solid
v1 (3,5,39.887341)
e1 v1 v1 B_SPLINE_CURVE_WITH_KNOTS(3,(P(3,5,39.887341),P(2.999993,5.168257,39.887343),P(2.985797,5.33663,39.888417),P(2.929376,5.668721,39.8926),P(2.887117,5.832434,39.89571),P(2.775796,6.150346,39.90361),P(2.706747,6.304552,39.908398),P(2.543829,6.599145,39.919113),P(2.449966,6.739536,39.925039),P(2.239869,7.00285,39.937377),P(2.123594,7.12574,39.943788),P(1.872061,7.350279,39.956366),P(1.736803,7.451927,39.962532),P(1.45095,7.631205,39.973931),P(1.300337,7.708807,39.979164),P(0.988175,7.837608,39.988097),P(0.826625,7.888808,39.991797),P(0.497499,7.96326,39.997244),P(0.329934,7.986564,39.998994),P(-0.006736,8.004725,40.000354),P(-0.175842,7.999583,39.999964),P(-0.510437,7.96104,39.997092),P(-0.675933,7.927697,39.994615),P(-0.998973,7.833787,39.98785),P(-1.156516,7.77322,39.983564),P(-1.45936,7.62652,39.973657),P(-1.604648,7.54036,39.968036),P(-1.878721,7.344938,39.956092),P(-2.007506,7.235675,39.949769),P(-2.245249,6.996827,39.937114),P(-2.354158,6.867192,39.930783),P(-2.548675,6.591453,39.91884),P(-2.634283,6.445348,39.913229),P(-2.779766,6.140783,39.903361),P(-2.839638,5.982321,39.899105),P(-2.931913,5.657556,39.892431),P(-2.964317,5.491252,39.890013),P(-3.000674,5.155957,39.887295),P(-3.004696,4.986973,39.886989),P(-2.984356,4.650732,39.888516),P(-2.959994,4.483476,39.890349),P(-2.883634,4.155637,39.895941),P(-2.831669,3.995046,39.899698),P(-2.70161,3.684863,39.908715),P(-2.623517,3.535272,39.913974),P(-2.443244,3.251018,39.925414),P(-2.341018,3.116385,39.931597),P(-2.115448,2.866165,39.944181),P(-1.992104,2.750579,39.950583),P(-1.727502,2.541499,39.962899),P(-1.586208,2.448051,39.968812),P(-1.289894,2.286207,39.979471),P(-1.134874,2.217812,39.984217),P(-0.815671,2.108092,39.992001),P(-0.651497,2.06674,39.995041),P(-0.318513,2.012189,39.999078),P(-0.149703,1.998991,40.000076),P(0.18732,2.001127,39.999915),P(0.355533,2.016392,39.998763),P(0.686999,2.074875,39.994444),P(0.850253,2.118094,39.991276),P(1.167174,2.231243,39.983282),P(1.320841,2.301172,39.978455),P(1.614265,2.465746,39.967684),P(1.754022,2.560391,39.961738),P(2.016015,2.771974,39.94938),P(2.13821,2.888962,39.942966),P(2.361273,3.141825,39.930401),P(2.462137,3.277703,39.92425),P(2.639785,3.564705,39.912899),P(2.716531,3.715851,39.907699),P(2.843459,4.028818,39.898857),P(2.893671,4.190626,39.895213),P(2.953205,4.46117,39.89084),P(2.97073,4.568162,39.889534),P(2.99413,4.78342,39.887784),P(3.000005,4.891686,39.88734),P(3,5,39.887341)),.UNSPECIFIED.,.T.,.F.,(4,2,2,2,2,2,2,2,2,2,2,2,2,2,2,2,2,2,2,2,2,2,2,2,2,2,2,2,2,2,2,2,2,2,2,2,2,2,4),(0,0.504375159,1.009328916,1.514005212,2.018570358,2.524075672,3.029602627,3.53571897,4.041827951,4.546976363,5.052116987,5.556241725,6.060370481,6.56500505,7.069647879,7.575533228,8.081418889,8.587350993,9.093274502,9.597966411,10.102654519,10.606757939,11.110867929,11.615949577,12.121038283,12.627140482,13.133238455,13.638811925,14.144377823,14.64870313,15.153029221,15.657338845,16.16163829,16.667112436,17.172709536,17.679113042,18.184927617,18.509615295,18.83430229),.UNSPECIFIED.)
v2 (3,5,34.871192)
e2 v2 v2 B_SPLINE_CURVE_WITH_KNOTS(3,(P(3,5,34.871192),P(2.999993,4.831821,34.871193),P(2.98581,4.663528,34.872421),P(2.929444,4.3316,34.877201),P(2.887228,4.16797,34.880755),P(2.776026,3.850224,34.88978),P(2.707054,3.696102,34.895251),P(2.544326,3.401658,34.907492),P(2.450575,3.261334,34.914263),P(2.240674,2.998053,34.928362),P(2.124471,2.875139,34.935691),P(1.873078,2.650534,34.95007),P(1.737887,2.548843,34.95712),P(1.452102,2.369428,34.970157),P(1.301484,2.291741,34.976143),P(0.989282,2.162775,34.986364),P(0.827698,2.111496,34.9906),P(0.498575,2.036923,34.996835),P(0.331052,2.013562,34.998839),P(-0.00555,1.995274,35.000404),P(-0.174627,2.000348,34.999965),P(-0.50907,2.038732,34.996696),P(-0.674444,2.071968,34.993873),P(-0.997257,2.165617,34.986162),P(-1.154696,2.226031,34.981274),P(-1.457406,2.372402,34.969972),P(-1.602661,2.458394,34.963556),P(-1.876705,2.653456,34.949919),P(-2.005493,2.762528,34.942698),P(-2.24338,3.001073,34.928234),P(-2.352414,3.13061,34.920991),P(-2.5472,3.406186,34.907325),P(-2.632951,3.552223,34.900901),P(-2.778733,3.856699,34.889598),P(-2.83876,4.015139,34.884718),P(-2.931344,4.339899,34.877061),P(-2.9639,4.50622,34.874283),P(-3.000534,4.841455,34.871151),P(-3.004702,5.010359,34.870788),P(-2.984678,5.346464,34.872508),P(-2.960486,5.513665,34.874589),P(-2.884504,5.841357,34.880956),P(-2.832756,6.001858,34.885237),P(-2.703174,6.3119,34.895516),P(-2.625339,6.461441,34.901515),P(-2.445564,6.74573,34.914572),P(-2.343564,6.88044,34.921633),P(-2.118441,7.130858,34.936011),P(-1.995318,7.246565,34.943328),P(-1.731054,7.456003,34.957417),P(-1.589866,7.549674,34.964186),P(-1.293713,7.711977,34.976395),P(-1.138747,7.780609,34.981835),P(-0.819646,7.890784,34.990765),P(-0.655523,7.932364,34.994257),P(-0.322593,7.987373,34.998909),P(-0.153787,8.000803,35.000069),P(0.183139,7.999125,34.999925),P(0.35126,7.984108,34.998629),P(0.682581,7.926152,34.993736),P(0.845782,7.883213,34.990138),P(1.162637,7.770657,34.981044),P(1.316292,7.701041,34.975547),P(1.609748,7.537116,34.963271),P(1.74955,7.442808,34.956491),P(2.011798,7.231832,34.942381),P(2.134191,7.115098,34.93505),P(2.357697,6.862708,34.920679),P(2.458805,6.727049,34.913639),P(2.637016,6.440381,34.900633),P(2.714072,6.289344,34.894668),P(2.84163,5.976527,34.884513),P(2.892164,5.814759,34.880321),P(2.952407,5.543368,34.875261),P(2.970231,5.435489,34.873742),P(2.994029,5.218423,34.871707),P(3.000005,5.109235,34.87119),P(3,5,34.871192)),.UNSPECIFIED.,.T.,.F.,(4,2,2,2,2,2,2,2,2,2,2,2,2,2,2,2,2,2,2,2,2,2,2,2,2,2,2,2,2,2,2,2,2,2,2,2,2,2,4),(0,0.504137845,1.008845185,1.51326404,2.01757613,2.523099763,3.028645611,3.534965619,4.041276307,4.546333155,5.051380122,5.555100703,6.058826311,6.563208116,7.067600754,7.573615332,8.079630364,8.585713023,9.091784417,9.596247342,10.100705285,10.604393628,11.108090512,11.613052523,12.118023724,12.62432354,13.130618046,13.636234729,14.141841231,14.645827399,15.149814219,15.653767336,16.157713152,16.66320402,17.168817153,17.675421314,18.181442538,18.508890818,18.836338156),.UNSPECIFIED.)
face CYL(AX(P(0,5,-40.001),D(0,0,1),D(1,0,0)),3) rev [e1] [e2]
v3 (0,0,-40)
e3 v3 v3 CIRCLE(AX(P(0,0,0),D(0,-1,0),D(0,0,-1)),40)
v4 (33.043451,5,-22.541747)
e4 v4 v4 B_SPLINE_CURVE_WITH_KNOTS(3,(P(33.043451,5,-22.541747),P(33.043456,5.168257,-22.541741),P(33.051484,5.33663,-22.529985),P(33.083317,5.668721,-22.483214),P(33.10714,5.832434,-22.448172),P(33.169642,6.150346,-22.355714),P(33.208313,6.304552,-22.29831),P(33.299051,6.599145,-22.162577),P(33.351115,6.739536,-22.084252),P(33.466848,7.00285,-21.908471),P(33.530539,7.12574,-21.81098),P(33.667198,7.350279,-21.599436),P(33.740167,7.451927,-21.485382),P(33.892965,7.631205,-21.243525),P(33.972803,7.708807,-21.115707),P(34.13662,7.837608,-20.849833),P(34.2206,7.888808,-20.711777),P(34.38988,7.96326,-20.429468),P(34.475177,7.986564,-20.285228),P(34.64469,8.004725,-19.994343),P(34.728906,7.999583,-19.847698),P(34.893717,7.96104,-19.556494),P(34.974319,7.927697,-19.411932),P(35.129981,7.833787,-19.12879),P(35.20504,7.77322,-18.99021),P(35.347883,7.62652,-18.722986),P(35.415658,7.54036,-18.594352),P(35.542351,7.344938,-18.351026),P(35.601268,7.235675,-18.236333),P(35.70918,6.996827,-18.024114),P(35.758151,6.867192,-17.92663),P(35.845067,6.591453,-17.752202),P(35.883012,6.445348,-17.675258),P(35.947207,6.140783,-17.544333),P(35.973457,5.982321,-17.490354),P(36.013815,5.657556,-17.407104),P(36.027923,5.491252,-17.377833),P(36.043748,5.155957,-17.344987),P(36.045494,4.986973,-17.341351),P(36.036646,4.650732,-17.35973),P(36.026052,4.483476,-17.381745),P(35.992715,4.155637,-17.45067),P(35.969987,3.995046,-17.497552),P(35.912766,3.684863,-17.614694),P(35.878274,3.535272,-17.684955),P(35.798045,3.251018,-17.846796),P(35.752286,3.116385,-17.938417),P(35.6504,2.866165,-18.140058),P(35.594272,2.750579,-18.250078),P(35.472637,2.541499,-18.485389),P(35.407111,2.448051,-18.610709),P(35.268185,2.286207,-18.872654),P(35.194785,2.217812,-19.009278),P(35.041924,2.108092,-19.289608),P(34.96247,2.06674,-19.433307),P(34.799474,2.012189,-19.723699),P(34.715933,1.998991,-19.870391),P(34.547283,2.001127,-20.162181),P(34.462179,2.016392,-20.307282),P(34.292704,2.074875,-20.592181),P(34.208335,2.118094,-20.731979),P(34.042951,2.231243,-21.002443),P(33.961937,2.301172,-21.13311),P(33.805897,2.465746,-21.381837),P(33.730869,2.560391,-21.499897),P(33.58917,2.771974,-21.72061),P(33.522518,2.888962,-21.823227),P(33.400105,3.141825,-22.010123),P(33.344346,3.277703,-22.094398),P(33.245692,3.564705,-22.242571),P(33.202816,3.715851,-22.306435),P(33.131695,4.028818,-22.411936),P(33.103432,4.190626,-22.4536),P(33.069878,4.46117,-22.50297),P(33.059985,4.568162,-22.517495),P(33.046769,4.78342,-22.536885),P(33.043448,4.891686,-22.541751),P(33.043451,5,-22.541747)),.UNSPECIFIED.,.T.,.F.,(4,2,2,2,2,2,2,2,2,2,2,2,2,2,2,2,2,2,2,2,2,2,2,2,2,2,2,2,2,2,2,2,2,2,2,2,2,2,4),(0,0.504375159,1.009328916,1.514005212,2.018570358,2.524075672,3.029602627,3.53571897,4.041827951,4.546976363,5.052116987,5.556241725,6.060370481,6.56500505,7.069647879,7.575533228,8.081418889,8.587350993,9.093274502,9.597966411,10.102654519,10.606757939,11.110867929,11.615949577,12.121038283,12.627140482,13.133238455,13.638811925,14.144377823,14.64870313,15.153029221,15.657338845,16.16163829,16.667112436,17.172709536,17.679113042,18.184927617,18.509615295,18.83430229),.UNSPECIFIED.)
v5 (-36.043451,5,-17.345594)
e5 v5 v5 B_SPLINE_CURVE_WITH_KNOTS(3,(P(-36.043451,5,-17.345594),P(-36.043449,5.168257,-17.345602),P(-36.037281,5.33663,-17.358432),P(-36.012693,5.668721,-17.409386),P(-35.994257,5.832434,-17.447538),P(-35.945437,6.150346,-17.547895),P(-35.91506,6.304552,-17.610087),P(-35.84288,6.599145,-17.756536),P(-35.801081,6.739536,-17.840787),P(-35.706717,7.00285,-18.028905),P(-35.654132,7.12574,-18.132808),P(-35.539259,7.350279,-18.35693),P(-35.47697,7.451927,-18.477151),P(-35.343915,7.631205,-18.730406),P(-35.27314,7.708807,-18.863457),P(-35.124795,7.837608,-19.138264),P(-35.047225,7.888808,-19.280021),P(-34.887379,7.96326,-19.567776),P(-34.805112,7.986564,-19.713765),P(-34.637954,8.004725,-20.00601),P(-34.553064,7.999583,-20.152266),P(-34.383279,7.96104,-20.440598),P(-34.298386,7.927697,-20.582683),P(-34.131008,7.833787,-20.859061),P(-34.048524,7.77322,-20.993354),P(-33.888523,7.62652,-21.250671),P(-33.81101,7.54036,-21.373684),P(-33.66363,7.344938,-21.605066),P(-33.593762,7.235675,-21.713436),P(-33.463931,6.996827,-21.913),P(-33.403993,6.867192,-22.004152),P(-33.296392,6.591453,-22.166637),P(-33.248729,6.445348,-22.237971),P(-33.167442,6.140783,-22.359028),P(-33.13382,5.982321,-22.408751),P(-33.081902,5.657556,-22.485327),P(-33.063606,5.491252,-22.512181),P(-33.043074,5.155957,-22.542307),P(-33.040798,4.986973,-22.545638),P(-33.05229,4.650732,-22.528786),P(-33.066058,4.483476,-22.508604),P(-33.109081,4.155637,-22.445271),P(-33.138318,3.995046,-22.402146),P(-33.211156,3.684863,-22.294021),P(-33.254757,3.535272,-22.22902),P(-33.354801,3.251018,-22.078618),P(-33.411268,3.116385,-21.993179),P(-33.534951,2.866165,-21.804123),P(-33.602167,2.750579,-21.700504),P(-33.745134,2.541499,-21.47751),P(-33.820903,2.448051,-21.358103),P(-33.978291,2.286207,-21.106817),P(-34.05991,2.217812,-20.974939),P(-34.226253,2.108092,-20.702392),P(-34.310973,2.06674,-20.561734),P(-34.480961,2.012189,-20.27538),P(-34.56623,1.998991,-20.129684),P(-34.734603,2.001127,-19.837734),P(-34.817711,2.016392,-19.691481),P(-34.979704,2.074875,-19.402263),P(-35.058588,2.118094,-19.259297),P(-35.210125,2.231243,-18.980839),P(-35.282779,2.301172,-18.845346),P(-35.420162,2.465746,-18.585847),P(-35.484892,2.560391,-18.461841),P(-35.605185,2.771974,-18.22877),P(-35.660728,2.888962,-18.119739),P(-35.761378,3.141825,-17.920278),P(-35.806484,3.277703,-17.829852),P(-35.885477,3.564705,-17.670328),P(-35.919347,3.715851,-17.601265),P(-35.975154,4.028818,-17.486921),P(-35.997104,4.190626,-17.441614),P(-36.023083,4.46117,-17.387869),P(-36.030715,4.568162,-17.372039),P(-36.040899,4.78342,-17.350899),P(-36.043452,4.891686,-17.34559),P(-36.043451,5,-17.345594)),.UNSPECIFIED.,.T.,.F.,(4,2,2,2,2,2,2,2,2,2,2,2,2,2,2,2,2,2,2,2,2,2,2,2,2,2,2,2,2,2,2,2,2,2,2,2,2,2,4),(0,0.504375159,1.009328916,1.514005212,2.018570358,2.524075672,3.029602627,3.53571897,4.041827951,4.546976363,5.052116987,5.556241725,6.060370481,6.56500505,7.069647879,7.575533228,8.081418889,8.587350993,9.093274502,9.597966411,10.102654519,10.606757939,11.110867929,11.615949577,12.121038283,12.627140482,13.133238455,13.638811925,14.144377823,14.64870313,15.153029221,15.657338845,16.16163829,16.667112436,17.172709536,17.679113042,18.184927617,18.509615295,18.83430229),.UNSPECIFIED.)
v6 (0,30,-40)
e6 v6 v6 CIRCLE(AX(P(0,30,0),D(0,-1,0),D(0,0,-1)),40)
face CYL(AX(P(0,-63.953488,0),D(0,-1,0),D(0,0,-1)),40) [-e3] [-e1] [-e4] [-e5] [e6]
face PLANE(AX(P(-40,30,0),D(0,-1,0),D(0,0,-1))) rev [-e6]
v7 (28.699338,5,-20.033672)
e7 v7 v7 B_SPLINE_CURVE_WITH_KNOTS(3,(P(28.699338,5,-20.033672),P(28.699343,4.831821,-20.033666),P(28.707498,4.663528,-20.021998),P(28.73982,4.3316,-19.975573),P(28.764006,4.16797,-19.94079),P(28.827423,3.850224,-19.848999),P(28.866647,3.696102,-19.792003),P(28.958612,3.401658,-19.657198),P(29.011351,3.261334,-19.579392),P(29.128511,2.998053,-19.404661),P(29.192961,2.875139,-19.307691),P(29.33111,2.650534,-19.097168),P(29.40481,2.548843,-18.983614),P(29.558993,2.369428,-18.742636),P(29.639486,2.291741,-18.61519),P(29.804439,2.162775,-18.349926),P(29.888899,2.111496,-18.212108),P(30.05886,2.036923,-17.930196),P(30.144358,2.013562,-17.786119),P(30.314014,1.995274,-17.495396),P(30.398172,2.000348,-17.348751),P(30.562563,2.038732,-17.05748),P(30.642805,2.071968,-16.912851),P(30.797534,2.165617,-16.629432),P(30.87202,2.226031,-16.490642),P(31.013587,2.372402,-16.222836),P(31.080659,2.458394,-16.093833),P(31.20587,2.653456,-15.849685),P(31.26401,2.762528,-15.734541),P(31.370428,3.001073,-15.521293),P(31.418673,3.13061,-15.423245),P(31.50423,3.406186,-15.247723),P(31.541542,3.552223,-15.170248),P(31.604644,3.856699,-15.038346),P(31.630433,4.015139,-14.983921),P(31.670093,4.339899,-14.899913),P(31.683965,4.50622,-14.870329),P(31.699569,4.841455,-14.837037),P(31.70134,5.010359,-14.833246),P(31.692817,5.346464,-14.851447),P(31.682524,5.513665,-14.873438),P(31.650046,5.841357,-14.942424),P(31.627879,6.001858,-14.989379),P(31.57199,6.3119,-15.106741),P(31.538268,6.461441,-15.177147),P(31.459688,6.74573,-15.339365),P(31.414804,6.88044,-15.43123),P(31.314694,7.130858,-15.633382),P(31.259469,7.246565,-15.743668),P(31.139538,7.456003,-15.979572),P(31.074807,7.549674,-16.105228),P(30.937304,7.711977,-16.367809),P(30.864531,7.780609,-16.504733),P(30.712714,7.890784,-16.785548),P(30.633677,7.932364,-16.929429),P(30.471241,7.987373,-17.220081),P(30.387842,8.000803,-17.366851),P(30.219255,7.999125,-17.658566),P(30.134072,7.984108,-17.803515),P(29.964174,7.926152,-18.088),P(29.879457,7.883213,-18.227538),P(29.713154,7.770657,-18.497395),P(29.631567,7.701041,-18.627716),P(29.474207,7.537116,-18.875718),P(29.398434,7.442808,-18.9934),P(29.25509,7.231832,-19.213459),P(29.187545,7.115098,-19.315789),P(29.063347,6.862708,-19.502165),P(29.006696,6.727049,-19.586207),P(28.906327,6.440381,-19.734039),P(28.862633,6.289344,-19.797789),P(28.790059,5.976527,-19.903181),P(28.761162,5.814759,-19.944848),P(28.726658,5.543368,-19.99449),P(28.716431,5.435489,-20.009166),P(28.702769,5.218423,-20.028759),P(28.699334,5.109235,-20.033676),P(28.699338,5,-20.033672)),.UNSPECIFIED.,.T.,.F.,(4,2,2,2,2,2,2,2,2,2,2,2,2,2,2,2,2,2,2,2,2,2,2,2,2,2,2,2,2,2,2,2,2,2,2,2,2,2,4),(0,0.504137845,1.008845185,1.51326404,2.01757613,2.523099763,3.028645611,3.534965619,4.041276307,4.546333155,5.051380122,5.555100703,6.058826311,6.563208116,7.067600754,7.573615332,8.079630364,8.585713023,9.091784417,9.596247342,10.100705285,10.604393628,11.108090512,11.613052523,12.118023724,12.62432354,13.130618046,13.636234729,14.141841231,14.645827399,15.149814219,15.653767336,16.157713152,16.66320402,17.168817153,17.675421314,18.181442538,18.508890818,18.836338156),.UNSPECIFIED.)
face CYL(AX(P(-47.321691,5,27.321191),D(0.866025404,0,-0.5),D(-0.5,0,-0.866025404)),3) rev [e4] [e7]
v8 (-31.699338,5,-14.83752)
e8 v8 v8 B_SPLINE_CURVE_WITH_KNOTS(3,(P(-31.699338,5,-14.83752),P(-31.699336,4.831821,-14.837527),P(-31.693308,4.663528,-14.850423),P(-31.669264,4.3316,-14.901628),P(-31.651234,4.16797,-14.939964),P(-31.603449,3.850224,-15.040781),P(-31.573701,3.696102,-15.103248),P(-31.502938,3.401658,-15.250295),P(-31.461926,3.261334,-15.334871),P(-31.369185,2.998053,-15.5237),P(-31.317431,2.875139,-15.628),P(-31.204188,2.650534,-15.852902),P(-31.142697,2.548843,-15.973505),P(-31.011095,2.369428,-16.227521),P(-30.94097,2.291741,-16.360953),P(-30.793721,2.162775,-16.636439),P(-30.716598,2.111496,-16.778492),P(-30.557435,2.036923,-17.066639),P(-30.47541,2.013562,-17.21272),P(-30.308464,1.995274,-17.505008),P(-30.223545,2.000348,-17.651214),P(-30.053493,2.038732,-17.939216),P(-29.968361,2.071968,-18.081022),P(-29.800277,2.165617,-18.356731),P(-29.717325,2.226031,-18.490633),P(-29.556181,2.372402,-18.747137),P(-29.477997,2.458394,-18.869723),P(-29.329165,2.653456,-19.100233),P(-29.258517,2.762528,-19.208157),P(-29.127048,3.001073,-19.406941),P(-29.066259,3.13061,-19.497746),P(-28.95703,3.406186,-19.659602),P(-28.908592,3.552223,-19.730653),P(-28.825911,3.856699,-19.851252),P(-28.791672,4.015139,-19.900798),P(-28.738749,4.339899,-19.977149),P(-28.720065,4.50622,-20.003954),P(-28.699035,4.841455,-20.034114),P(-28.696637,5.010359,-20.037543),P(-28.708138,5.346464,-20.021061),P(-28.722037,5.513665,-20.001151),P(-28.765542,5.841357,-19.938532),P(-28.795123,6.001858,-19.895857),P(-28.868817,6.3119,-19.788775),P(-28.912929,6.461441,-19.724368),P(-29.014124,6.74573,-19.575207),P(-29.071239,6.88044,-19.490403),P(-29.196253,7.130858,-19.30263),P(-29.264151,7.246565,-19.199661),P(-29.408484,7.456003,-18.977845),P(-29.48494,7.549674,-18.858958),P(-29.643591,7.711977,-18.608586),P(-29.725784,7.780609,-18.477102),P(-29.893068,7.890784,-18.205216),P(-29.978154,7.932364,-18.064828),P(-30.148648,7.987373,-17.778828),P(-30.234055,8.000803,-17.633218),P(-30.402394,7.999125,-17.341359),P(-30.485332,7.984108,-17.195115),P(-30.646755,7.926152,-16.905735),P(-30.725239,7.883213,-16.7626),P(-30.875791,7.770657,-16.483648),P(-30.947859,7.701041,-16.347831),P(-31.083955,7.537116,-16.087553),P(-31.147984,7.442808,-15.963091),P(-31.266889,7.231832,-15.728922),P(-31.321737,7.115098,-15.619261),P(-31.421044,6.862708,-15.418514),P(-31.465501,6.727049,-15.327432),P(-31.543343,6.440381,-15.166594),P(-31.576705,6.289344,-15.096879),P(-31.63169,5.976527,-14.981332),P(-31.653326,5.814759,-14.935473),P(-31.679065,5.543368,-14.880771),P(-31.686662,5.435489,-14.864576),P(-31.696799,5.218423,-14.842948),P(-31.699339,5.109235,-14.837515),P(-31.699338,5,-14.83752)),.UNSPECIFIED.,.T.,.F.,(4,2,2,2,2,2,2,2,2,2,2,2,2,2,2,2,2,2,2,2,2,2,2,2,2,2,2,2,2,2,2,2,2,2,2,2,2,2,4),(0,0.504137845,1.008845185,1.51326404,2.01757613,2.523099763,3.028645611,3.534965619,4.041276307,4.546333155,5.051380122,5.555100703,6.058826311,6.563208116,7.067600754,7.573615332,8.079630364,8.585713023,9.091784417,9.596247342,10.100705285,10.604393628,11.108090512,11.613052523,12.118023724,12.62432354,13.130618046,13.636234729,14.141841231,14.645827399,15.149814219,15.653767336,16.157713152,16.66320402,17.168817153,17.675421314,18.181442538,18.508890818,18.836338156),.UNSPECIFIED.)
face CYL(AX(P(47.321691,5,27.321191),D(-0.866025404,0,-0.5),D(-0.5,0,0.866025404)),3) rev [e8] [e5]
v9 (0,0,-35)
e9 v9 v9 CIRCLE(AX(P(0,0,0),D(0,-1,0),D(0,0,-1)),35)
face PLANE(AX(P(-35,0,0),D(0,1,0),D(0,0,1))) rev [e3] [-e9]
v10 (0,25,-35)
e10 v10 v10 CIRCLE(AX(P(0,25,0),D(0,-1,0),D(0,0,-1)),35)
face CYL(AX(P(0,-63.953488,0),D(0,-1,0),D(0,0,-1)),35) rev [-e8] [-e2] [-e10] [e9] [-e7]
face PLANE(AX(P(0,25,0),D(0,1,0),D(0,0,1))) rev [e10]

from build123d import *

# Parameters (mm, degrees)
CUT_EXTRUDE1_REACH      = 96.34
CUT_EXTRUDE1_END_RADIUS = 35
SKETCH2_R               = 3
CIRPATTERN1_COUNT       = 3


with BuildPart() as part:
    # Sketch1 → Revolve1 (revolve)
    with BuildSketch(Plane.XY, mode=Mode.PRIVATE) as revolve1_sk:
        Polygon((-40, 30), (0, 30), (0, 25), (-35, 25), (-35, 0), (-40, 0), align=None)
    revolve(revolve1_sk.sketch.rotate(Axis((0, -63.953488372, 0), (0, 1, 0)), 270), axis=Axis((0, -63.953488372, 0), (0, 1, 0)))

    # Cut-Extrude1: up to this cylinder (the profile starts outside it)
    cut_extrude1_end = Plane(origin=(0, 5, 0), z_dir=(0, -1, 0)) * Cylinder(CUT_EXTRUDE1_END_RADIUS, 263.68, mode=Mode.PRIVATE)
    # Sketch2 → Cut-Extrude1 (cut, up to the surface)
    with BuildSketch(Plane.XY.offset(40), mode=Mode.PRIVATE) as cut_extrude1_sk1:
        with Locations((0, 5)):
            Circle(SKETCH2_R)
    cut_extrude1_tool1 = extrude(cut_extrude1_sk1.sketch, amount=-CUT_EXTRUDE1_REACH, mode=Mode.PRIVATE) - cut_extrude1_end
    cut_extrude1 = cut_extrude1_tool1.solids().sort_by_distance((0, 5, 40))[0]
    add(cut_extrude1, mode=Mode.SUBTRACT)

    # CirPattern1: Cut-Extrude1 ×3 about axis
    cirpattern1_axis = Axis((0, -63.953488372, 0), (0, 1, 0))
    for i in range(1, CIRPATTERN1_COUNT):
        add(cut_extrude1.rotate(cirpattern1_axis, i * 360 / CIRPATTERN1_COUNT), mode=Mode.SUBTRACT)


solid = part.part
